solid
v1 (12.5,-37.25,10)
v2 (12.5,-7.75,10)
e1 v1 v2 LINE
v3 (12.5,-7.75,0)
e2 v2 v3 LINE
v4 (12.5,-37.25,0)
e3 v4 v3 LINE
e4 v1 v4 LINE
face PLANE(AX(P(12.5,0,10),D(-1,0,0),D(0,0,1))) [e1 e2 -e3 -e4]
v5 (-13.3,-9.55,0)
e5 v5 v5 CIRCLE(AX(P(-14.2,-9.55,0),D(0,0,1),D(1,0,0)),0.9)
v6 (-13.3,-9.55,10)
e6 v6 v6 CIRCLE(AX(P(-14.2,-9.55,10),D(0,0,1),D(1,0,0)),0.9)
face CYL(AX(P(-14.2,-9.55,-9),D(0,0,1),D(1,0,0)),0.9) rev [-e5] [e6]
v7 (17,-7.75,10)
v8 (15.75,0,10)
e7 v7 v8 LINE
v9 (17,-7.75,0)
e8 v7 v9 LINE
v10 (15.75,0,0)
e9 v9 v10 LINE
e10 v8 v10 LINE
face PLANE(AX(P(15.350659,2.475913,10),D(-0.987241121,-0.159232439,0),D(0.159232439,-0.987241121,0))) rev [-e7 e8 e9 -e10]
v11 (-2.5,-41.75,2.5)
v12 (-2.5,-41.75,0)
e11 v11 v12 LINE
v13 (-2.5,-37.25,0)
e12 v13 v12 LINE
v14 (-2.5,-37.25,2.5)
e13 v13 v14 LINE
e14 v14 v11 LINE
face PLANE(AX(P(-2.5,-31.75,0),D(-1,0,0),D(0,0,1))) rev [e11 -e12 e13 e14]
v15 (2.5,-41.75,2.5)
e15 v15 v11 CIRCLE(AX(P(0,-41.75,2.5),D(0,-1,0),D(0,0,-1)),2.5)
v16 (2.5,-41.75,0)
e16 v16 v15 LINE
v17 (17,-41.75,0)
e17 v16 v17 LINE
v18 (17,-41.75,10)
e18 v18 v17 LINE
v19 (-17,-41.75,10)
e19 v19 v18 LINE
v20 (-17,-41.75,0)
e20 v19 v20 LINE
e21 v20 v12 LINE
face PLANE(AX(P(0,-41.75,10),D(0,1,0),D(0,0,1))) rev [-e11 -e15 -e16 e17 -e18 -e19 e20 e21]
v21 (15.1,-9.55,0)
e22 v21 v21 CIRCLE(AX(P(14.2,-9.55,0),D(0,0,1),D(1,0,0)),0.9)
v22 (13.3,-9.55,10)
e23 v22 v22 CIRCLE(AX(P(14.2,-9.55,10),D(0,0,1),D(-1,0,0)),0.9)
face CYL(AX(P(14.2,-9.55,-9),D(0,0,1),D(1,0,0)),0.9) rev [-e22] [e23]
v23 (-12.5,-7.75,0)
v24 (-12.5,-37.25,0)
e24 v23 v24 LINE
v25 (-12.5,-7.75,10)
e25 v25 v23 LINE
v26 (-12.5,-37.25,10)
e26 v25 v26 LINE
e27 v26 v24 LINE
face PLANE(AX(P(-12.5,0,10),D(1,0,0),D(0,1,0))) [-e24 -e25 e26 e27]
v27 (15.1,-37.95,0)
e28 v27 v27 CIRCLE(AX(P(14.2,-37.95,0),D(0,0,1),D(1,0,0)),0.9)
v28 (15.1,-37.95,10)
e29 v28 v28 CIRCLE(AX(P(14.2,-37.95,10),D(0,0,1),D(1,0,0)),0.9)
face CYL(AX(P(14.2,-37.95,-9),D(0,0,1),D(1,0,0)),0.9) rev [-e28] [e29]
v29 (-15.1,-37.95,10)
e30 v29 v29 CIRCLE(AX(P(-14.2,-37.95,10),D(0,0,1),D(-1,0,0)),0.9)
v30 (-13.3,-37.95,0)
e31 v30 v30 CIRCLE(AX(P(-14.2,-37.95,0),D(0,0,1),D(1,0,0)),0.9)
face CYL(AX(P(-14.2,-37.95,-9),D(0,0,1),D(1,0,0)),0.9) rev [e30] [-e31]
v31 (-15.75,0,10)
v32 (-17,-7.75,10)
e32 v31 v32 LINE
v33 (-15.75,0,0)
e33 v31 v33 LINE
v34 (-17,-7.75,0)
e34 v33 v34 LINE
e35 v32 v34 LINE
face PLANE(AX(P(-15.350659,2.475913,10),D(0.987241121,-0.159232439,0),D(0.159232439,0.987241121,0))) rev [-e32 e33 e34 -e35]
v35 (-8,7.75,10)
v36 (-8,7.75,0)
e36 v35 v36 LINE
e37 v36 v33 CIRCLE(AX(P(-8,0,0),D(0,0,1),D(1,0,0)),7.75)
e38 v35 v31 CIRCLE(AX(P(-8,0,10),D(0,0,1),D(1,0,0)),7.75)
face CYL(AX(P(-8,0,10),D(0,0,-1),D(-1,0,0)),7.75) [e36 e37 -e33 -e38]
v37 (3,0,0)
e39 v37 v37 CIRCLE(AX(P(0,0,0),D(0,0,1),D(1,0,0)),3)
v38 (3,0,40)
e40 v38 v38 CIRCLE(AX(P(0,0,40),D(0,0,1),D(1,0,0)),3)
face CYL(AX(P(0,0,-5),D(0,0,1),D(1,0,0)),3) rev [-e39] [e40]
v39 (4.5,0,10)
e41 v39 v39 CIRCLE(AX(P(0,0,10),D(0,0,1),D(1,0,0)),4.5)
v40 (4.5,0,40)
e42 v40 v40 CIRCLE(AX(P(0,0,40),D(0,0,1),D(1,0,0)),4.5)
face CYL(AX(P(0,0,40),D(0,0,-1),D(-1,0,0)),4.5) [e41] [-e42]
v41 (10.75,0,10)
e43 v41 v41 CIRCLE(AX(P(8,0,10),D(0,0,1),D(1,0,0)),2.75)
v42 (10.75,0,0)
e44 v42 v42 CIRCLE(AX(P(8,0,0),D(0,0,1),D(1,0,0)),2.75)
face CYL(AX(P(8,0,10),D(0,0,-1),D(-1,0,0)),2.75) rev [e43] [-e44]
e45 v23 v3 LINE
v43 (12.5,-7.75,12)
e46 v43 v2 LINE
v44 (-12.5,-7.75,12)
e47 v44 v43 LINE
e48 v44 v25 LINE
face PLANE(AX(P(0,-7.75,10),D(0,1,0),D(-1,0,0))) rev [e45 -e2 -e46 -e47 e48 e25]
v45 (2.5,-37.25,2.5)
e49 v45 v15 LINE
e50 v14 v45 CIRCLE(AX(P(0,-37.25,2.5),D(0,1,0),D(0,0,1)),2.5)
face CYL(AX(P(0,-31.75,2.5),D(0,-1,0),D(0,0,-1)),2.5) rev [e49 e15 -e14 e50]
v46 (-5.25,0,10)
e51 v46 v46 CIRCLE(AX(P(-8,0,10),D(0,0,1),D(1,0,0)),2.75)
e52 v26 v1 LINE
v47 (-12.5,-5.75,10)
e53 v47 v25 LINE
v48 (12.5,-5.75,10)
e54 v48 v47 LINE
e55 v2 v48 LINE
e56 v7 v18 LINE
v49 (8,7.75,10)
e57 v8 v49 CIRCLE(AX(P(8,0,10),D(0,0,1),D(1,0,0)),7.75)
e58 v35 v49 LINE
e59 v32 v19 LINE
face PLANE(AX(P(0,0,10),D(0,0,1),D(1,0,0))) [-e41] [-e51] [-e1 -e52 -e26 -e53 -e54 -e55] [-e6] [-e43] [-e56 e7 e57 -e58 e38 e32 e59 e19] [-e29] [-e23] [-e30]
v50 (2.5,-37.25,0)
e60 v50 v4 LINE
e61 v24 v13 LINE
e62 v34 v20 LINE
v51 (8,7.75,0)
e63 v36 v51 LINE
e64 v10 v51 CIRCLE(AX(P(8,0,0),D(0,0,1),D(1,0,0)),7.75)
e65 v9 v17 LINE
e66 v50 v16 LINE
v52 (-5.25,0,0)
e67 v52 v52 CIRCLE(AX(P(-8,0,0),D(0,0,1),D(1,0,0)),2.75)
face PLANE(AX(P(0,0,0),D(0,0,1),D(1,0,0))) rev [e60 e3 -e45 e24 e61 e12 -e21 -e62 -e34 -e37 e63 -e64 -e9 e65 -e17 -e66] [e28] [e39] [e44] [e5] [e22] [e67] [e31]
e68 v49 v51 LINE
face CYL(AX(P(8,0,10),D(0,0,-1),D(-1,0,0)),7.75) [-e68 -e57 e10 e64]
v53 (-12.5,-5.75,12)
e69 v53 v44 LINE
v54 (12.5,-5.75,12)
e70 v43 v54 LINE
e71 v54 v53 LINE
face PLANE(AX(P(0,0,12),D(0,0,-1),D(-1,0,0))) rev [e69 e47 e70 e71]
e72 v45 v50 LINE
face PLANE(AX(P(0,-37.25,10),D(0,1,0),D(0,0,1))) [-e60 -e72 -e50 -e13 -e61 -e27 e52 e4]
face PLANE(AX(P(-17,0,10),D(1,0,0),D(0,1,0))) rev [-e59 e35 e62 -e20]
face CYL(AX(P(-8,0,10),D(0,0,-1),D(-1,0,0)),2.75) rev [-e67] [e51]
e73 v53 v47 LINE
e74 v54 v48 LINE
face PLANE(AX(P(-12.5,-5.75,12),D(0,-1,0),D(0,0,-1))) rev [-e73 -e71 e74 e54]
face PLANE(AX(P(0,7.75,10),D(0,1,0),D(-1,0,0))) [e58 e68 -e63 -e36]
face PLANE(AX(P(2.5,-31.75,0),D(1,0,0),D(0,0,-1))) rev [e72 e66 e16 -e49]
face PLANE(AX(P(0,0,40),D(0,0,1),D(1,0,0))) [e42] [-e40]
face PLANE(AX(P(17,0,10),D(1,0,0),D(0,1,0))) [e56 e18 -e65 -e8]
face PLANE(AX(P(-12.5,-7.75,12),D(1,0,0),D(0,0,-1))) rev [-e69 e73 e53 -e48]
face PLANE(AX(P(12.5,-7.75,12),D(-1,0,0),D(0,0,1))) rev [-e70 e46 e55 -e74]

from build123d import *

# Parameters (mm, degrees)
SKETCH1_R           = 2.75
BOSS_EXTRUDE1_DEPTH = 10
SKETCH2_R           = 3
CUT_EXTRUDE1_DEPTH  = 15
SKETCH3_R           = 4.5
SKETCH3_R_2         = 3
BOSS_EXTRUDE2_DEPTH = 30
BOSS_EXTRUDE4_DEPTH = 10
CUT_EXTRUDE2_DEPTH  = 10
SKETCH7_W           = 25
SKETCH7_H           = 2
BOSS_EXTRUDE6_DEPTH = 2
SKETCH8_R           = 0.9
CUT_EXTRUDE3_DEPTH  = 19


with BuildPart() as part:
    # Sketch1 → Boss-Extrude1 (new body)
    with BuildSketch(Plane.XY):
        with BuildLine():
            Line((8, 7.75), (-8, 7.75))
            ThreePointArc((-8, 7.75), (-15.75, 0), (-8, -7.75))
            Line((-8, -7.75), (8, -7.75))
            ThreePointArc((8, -7.75), (15.75, 0), (8, 7.75))
        make_face()
        with Locations((-8, 0)):
            Circle(SKETCH1_R, mode=Mode.SUBTRACT)
        with Locations((8, 0)):
            Circle(SKETCH1_R, mode=Mode.SUBTRACT)
    extrude(amount=BOSS_EXTRUDE1_DEPTH)

    # Sketch2 → Cut-Extrude1 (cut)
    with BuildSketch(Plane.XY.offset(10)):
        Circle(SKETCH2_R)
    extrude(amount=-CUT_EXTRUDE1_DEPTH, mode=Mode.SUBTRACT)

    # Sketch3 → Boss-Extrude2 (add)
    with BuildSketch(Plane.XY.offset(10)):
        Circle(SKETCH3_R)
        Circle(SKETCH3_R_2, mode=Mode.SUBTRACT)
    extrude(amount=BOSS_EXTRUDE2_DEPTH)

    # Sketch5 → Boss-Extrude4 (add)
    with BuildSketch(Plane.XY):
        Polygon((-12.5, -7.75), (-17, -7.75), (-17, -41.75), (17, -41.75), (17, -7.75), (12.5, -7.75), (12.5, -12.25), (12.5, -37.25), (-12.5, -37.25), (-12.5, -12.25), align=None)
        with BuildLine():
            ThreePointArc((-8, -7.75), (-13.480077554, -5.480077554), (-15.75, 0))
            Line((-15.75, 0), (-17, -7.75))
            Line((-17, -7.75), (-12.5, -7.75))
            Line((-12.5, -7.75), (-8, -7.75))
        make_face()
        with BuildLine():
            ThreePointArc((15.75, 0), (13.480077554, -5.480077554), (8, -7.75))
            Line((8, -7.75), (12.5, -7.75))
            Line((12.5, -7.75), (17, -7.75))
            Line((17, -7.75), (15.75, 0))
        make_face()
    extrude(amount=BOSS_EXTRUDE4_DEPTH)

    # Sketch6 → Cut-Extrude2 (cut)
    with BuildSketch(Plane.XZ.offset(41.75)):
        with BuildLine():
            Line((-2.5, 0), (2.5, 0))
            Line((2.5, 0), (2.5, 2.5))
            ThreePointArc((2.5, 2.5), (0, 5), (-2.5, 2.5))
            Line((-2.5, 2.5), (-2.5, 0))
        make_face()
    extrude(amount=-CUT_EXTRUDE2_DEPTH, mode=Mode.SUBTRACT)

    # Sketch7 → Boss-Extrude6 (add)
    with BuildSketch(Plane.XY.offset(10)):
        with Locations((0, -6.75)):
            Rectangle(SKETCH7_W, SKETCH7_H)
    extrude(amount=BOSS_EXTRUDE6_DEPTH)

    # Sketch8 → Cut-Extrude3 (cut)
    with BuildSketch(Plane.XY.offset(10)):
        with Locations((-14.2, -9.55)):
            Circle(SKETCH8_R)
        with Locations((14.2, -9.55)):
            Circle(SKETCH8_R)
        with Locations((14.2, -37.95)):
            Circle(SKETCH8_R)
        with Locations((-14.2, -37.95)):
            Circle(SKETCH8_R)
    extrude(amount=-CUT_EXTRUDE3_DEPTH, mode=Mode.SUBTRACT)


solid = part.part
